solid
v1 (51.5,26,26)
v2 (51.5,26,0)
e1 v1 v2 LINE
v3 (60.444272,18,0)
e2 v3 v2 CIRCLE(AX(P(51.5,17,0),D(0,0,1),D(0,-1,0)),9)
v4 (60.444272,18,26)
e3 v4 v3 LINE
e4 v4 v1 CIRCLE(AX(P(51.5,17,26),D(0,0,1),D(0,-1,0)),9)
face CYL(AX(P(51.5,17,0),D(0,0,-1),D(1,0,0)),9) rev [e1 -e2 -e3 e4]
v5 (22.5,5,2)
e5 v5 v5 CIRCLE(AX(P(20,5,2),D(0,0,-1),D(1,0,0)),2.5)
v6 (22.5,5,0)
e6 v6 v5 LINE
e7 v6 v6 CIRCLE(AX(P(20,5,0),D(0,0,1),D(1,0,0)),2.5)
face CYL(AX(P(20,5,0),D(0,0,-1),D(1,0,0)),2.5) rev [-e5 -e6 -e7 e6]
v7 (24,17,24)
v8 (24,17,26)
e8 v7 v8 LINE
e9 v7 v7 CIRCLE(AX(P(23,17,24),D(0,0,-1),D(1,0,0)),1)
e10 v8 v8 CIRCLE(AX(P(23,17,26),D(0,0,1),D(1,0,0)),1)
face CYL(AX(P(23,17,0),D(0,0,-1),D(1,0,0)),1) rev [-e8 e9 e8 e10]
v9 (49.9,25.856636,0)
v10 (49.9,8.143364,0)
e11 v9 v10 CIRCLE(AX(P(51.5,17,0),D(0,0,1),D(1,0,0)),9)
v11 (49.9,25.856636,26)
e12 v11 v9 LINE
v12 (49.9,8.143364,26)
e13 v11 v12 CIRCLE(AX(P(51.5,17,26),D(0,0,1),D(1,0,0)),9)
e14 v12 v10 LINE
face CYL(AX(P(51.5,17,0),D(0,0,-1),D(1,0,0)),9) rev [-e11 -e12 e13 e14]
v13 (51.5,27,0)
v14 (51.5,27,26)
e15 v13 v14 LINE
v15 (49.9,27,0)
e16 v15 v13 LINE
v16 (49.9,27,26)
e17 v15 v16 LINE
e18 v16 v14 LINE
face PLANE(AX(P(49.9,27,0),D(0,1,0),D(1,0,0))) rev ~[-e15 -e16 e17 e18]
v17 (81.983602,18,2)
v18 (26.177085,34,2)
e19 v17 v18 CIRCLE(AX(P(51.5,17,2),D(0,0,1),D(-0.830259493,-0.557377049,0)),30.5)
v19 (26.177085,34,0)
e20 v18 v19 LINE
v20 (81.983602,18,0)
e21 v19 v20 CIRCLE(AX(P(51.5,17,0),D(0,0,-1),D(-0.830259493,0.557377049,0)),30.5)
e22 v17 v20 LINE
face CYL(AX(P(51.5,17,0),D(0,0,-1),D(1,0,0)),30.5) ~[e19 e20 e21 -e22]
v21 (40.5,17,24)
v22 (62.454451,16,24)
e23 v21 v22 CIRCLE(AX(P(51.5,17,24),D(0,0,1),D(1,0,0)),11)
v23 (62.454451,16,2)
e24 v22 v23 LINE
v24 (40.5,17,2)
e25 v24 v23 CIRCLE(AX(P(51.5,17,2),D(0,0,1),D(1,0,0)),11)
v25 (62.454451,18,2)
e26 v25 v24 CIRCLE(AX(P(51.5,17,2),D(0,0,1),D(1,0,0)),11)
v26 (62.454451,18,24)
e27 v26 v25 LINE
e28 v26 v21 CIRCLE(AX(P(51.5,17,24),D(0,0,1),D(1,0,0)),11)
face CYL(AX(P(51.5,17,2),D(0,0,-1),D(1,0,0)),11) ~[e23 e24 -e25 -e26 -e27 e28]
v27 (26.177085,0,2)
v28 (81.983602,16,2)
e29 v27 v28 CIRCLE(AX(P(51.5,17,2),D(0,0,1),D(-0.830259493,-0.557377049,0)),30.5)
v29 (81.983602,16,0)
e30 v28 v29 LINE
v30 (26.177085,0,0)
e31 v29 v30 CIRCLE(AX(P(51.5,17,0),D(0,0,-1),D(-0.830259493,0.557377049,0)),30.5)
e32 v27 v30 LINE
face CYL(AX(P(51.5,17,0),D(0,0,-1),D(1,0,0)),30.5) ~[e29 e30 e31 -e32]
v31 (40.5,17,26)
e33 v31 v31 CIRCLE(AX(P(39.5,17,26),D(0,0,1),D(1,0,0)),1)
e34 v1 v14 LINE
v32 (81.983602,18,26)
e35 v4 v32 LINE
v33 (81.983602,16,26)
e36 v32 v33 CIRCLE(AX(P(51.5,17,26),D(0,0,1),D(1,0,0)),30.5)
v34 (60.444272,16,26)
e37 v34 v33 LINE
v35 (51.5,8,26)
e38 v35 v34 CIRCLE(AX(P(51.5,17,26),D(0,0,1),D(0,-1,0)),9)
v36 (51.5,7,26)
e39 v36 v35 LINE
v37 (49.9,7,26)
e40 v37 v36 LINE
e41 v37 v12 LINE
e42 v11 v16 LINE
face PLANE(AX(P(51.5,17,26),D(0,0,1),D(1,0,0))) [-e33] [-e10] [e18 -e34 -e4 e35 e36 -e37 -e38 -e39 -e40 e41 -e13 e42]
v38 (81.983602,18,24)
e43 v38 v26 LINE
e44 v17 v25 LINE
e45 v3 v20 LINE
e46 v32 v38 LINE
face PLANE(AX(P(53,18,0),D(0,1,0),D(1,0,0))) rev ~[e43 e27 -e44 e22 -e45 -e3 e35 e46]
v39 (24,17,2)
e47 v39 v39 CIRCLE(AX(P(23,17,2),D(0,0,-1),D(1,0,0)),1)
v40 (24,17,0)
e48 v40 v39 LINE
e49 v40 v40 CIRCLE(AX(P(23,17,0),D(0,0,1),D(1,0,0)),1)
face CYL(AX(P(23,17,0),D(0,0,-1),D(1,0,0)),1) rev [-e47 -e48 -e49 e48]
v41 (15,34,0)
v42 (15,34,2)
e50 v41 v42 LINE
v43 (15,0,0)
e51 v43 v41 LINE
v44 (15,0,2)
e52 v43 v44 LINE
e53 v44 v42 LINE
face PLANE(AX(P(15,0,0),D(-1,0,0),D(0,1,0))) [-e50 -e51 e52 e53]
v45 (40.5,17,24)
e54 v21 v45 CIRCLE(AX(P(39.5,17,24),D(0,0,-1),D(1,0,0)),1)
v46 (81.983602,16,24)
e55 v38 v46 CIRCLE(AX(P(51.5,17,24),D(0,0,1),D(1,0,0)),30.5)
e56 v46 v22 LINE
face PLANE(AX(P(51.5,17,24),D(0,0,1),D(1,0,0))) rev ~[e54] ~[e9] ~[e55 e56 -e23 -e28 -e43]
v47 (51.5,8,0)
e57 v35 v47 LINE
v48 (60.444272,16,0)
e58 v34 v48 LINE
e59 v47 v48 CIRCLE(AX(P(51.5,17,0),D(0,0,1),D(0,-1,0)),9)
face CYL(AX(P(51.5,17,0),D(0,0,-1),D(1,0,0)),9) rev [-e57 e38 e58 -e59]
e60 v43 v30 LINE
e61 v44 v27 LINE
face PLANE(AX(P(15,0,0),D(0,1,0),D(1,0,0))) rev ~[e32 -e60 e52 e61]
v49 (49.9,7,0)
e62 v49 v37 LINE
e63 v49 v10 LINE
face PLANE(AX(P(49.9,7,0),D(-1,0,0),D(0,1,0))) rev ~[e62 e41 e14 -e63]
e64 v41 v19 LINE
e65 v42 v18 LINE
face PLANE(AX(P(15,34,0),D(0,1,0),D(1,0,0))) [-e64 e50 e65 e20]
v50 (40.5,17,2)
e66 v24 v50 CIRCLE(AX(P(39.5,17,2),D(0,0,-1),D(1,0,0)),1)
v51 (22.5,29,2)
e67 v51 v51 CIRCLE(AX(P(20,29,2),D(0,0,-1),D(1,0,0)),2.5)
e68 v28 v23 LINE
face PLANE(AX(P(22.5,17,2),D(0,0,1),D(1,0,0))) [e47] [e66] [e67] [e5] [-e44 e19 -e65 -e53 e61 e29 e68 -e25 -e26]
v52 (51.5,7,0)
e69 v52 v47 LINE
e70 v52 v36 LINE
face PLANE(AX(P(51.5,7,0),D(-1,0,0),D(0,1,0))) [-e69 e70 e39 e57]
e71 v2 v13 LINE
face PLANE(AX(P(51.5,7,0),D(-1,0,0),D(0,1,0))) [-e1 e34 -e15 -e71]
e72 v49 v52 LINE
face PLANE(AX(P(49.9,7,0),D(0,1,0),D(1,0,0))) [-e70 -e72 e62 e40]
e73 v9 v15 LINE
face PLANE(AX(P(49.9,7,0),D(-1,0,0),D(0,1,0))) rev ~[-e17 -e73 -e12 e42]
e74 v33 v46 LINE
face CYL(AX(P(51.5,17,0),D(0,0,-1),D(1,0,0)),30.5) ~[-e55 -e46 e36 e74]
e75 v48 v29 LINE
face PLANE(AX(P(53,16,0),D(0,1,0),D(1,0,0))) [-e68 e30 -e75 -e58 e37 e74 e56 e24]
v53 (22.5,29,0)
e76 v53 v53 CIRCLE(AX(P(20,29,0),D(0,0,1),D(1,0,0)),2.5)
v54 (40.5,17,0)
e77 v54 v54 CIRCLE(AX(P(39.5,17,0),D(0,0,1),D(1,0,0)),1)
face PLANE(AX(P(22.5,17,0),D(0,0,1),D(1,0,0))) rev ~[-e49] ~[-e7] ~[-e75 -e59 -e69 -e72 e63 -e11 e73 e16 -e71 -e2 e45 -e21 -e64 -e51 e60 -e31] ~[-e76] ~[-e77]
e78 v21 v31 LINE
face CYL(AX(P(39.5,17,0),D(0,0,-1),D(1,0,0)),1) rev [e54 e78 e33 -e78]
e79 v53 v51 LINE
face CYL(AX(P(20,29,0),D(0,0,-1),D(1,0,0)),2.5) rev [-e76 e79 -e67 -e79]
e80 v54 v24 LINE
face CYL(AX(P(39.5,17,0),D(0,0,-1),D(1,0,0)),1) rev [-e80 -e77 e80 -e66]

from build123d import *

# Parameters (mm, degrees)
CYLINDER018_R     = 1
CYLINDER018_DEPTH = 26
CYLINDER019_R     = 1
CYLINDER019_DEPTH = 26
BOX007_W          = 30
BOX007_H          = 2
BOX007_DEPTH      = 26
CYLINDER016_R     = 2.5
CYLINDER016_DEPTH = 10
CYLINDER017_R     = 2.5
CYLINDER017_DEPTH = 10
BOX005_W          = 15
BOX005_H          = 34
BOX005_DEPTH      = 2
BOX004_W          = 1.6
BOX004_H          = 20
BOX004_DEPTH      = 26
CYLINDER010_R     = 11
CYLINDER010_DEPTH = 22
CYLINDER009_R     = 30.5
CYLINDER009_DEPTH = 22
CYLINDER008_R     = 9
CYLINDER008_DEPTH = 26
CYLINDER007_R     = 30.5
CYLINDER007_DEPTH = 26


with BuildPart() as cylinder018:
    # Cylinder018 → Cylinder018 (new body)
    with BuildSketch(Plane(origin=(39.5, 17, 0), x_dir=(1, 0, 0), z_dir=(0, 0, 1))):
        Circle(CYLINDER018_R)
    extrude(amount=CYLINDER018_DEPTH)


with BuildPart() as wireholes:
    # Cylinder019 → Cylinder019 (new body)
    with BuildSketch(Plane(origin=(23, 17, 0), x_dir=(1, 0, 0), z_dir=(0, 0, 1))):
        Circle(CYLINDER019_R)
    extrude(amount=CYLINDER019_DEPTH)

    # Fusion007: union Cylinder018
    add(cylinder018.part)


with BuildPart() as cube007:
    # Box007 → Box007 (new body)
    with BuildSketch(Plane(origin=(53, 16, 0), x_dir=(1, 0, 0), z_dir=(0, 0, 1))):
        with Locations((15, 1)):
            Rectangle(BOX007_W, BOX007_H)
    extrude(amount=BOX007_DEPTH)


with BuildPart() as cylinder016:
    # Cylinder016 → Cylinder016 (new body)
    with BuildSketch(Plane(origin=(20, 5, 0), x_dir=(1, 0, 0), z_dir=(0, 0, 1))):
        Circle(CYLINDER016_R)
    extrude(amount=CYLINDER016_DEPTH)


with BuildPart() as boreholem6screws002:
    # Cylinder017 → Cylinder017 (new body)
    with BuildSketch(Plane(origin=(20, 29, 0), x_dir=(1, 0, 0), z_dir=(0, 0, 1))):
        Circle(CYLINDER017_R)
    extrude(amount=CYLINDER017_DEPTH)

    # Fusion005: union Cylinder016
    add(cylinder016.part)


with BuildPart() as cut010:
    # Box005 → Box005 (new body)
    with BuildSketch(Plane(origin=(15, 0, 0), x_dir=(1, 0, 0), z_dir=(0, 0, 1))):
        with Locations((7.5, 17)):
            Rectangle(BOX005_W, BOX005_H)
    extrude(amount=BOX005_DEPTH)

    # Cut010: cut BoreholeM6Screws002
    add(boreholem6screws002.part, mode=Mode.SUBTRACT)


with BuildPart() as cube004:
    # Box004 → Box004 (new body)
    with BuildSketch(Plane(origin=(49.9, 7, 0), x_dir=(1, 0, 0), z_dir=(0, 0, 1))):
        with Locations((0.8, 10)):
            Rectangle(BOX004_W, BOX004_H)
    extrude(amount=BOX004_DEPTH)


with BuildPart() as cylinder010:
    # Cylinder010 → Cylinder010 (new body)
    with BuildSketch(Plane.XY):
        Circle(CYLINDER010_R)
    extrude(amount=CYLINDER010_DEPTH)


with BuildPart() as coilarea:
    # Cylinder009 → Cylinder009 (new body)
    with BuildSketch(Plane.XY):
        Circle(CYLINDER009_R)
    extrude(amount=CYLINDER009_DEPTH)

    # Cut004: cut Cylinder010
    add(cylinder010.part, mode=Mode.SUBTRACT)


with BuildPart() as coilarea_1:
    # Cut004 placement: moved
    add(coilarea.part.moved(Location((51.5, 17, 2))))


with BuildPart() as cylinder008:
    # Cylinder008 → Cylinder008 (new body)
    with BuildSketch(Plane.XY):
        Circle(CYLINDER008_R)
    extrude(amount=CYLINDER008_DEPTH)


with BuildPart() as coilholder:
    # Cylinder007 → Cylinder007 (new body)
    with BuildSketch(Plane.XY):
        Circle(CYLINDER007_R)
    extrude(amount=CYLINDER007_DEPTH)

    # Cut002: cut Cylinder008
    add(cylinder008.part, mode=Mode.SUBTRACT)


with BuildPart() as coilholder_1:
    # Cut002 placement: moved
    add(coilholder.part.moved(Location((51.5, 17, 0))))

    # Cut005: cut CoilArea
    add(coilarea_1.part, mode=Mode.SUBTRACT)

    # Cut007: cut Cube004
    add(cube004.part, mode=Mode.SUBTRACT)

    # Fusion006: union Cut010
    add(cut010.part)

    # Cut012: cut Cube007
    add(cube007.part, mode=Mode.SUBTRACT)

    # Cut013: cut WireHoles
    add(wireholes.part, mode=Mode.SUBTRACT)


solid = coilholder_1.part
